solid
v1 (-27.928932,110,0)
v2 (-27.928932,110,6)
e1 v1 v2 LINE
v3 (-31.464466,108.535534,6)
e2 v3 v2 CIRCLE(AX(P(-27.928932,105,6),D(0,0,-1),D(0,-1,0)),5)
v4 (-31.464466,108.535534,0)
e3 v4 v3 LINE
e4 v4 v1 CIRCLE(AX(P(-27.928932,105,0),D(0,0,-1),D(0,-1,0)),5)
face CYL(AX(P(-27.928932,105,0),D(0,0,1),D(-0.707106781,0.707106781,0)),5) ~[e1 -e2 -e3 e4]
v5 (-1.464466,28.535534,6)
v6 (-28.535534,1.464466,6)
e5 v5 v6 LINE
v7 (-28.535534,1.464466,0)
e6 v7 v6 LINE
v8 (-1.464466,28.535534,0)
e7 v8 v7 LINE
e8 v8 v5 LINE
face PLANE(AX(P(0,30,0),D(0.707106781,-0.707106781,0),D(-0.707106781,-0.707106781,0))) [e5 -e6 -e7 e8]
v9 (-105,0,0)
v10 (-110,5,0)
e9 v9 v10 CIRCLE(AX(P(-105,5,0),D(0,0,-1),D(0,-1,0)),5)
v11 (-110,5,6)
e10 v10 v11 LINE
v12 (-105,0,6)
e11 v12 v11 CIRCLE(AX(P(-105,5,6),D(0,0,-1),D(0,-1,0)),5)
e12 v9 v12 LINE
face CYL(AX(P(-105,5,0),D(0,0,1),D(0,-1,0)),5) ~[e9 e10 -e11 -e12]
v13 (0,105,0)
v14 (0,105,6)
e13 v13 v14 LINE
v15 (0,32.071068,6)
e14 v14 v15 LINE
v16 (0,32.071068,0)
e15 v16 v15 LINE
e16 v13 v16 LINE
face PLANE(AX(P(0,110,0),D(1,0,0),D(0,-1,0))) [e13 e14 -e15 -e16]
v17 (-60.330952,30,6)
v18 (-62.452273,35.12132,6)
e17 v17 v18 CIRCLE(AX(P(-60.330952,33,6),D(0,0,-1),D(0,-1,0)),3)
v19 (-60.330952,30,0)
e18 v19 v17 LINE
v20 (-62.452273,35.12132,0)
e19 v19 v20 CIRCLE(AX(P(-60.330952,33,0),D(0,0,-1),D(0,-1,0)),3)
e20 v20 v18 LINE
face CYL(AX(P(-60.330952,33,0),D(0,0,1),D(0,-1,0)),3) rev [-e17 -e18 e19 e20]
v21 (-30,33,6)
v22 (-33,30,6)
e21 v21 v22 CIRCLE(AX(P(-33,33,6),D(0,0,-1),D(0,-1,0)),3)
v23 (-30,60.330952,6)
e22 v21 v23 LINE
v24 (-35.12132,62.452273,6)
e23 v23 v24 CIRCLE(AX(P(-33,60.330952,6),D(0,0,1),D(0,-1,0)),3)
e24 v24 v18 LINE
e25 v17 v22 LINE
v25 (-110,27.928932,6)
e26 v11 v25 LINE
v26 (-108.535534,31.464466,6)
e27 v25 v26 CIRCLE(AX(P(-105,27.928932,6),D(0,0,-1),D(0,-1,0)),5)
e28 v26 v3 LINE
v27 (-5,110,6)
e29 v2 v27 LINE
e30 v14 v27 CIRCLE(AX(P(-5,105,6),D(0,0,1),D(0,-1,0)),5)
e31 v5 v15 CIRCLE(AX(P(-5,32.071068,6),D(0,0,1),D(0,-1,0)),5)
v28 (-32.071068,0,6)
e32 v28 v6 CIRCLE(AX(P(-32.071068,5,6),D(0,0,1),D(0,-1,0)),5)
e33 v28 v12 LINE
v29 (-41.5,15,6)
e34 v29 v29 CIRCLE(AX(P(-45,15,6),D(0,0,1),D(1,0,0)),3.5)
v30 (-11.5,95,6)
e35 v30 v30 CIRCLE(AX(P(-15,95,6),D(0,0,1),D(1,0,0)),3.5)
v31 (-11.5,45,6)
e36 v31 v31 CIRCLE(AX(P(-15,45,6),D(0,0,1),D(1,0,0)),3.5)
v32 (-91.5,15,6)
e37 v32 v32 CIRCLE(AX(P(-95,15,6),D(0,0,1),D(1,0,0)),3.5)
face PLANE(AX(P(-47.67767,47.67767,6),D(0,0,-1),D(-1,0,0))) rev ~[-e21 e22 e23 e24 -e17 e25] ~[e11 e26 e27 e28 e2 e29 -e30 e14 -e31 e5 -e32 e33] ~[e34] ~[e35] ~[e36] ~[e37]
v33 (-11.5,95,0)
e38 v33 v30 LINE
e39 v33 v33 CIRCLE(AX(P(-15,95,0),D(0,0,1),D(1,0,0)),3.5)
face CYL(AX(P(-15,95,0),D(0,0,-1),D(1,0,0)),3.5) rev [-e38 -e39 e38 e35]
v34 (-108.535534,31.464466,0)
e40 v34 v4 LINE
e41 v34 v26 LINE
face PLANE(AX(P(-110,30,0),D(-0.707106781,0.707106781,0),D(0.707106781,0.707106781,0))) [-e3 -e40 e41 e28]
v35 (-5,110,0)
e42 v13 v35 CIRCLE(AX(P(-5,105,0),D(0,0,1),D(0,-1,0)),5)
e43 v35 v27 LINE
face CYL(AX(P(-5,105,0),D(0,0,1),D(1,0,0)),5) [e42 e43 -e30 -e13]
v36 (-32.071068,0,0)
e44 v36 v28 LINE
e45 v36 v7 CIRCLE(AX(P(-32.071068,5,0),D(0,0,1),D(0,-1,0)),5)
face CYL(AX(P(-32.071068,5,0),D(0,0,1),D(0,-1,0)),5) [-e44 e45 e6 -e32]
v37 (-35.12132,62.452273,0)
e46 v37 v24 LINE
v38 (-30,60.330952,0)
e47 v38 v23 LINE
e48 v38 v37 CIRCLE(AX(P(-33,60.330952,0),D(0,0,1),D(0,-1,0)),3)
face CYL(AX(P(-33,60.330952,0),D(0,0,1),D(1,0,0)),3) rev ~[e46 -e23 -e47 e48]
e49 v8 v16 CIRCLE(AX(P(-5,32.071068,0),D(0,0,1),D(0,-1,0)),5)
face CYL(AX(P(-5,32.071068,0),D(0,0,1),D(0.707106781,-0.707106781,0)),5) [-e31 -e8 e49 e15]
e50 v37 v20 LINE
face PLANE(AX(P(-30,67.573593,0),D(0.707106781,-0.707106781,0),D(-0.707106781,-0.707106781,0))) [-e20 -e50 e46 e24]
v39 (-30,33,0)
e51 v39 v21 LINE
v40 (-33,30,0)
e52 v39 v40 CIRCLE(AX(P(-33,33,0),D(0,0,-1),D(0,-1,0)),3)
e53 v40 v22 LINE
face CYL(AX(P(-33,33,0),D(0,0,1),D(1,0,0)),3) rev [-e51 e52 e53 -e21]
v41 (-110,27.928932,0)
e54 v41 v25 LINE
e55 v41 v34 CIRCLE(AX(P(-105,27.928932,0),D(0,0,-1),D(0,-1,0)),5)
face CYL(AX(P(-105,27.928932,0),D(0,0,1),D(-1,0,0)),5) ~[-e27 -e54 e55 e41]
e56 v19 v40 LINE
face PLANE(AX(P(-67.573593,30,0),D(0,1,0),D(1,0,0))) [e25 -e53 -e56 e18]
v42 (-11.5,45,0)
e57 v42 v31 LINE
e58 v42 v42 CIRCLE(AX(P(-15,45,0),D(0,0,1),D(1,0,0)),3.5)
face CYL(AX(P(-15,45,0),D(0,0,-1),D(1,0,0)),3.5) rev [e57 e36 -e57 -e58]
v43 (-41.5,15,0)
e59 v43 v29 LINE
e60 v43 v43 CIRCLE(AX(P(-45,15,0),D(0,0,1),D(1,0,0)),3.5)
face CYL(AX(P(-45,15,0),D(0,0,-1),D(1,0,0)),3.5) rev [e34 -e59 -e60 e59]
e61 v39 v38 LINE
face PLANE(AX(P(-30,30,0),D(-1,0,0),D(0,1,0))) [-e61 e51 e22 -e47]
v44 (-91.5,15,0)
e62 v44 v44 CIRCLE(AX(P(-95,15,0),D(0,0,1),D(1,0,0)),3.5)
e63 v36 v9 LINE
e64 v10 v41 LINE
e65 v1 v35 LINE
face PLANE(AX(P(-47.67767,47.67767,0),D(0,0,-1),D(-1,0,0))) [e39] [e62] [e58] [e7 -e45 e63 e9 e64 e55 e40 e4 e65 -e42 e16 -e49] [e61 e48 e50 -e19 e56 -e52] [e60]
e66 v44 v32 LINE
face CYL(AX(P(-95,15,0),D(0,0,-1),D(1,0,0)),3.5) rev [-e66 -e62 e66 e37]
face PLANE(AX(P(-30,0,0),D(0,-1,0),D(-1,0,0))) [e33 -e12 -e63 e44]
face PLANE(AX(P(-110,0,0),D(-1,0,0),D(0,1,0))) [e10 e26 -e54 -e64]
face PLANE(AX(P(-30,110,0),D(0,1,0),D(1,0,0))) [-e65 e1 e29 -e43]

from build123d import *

# Parameters (mm, degrees)
SKETCH_R    = 3.5
PAD_DEPTH   = 6
FILLET_R    = 5
FILLET001_R = 3


with BuildPart() as part:
    # Sketch → Pad (new body)
    with BuildSketch(Plane.XY):
        Polygon((-30, 0), (-110, 0), (-110, 30), (-30, 110), (0, 110), (0, 30), align=None)
        with Locations((-95, 15)):
            Circle(SKETCH_R, mode=Mode.SUBTRACT)
        with Locations((-45, 15)):
            Circle(SKETCH_R, mode=Mode.SUBTRACT)
        with Locations((-15, 45)):
            Circle(SKETCH_R, mode=Mode.SUBTRACT)
        with Locations((-15, 95)):
            Circle(SKETCH_R, mode=Mode.SUBTRACT)
        Polygon((-30, 67.573593), (-67.573593, 30), (-30, 30), align=None, mode=Mode.SUBTRACT)
    extrude(amount=PAD_DEPTH)

    # Fillet
    fillet_edges = [part.edges().sort_by_distance(p)[0] for p in [
        (-110, 0, 3),
        (-110, 30, 3),
        (-30, 110, 3),
        (0, 110, 3),
        (0, 30, 3),
        (-30, 0, 3),
    ]]
    fillet(fillet_edges, radius=FILLET_R)

    # Fillet001
    fillet001_edges = [part.edges().sort_by_distance(p)[0] for p in [
        (-67.573593, 30, 3),
        (-30, 67.573593, 3),
        (-30, 30, 3),
    ]]
    fillet(fillet001_edges, radius=FILLET001_R)


solid = part.part
